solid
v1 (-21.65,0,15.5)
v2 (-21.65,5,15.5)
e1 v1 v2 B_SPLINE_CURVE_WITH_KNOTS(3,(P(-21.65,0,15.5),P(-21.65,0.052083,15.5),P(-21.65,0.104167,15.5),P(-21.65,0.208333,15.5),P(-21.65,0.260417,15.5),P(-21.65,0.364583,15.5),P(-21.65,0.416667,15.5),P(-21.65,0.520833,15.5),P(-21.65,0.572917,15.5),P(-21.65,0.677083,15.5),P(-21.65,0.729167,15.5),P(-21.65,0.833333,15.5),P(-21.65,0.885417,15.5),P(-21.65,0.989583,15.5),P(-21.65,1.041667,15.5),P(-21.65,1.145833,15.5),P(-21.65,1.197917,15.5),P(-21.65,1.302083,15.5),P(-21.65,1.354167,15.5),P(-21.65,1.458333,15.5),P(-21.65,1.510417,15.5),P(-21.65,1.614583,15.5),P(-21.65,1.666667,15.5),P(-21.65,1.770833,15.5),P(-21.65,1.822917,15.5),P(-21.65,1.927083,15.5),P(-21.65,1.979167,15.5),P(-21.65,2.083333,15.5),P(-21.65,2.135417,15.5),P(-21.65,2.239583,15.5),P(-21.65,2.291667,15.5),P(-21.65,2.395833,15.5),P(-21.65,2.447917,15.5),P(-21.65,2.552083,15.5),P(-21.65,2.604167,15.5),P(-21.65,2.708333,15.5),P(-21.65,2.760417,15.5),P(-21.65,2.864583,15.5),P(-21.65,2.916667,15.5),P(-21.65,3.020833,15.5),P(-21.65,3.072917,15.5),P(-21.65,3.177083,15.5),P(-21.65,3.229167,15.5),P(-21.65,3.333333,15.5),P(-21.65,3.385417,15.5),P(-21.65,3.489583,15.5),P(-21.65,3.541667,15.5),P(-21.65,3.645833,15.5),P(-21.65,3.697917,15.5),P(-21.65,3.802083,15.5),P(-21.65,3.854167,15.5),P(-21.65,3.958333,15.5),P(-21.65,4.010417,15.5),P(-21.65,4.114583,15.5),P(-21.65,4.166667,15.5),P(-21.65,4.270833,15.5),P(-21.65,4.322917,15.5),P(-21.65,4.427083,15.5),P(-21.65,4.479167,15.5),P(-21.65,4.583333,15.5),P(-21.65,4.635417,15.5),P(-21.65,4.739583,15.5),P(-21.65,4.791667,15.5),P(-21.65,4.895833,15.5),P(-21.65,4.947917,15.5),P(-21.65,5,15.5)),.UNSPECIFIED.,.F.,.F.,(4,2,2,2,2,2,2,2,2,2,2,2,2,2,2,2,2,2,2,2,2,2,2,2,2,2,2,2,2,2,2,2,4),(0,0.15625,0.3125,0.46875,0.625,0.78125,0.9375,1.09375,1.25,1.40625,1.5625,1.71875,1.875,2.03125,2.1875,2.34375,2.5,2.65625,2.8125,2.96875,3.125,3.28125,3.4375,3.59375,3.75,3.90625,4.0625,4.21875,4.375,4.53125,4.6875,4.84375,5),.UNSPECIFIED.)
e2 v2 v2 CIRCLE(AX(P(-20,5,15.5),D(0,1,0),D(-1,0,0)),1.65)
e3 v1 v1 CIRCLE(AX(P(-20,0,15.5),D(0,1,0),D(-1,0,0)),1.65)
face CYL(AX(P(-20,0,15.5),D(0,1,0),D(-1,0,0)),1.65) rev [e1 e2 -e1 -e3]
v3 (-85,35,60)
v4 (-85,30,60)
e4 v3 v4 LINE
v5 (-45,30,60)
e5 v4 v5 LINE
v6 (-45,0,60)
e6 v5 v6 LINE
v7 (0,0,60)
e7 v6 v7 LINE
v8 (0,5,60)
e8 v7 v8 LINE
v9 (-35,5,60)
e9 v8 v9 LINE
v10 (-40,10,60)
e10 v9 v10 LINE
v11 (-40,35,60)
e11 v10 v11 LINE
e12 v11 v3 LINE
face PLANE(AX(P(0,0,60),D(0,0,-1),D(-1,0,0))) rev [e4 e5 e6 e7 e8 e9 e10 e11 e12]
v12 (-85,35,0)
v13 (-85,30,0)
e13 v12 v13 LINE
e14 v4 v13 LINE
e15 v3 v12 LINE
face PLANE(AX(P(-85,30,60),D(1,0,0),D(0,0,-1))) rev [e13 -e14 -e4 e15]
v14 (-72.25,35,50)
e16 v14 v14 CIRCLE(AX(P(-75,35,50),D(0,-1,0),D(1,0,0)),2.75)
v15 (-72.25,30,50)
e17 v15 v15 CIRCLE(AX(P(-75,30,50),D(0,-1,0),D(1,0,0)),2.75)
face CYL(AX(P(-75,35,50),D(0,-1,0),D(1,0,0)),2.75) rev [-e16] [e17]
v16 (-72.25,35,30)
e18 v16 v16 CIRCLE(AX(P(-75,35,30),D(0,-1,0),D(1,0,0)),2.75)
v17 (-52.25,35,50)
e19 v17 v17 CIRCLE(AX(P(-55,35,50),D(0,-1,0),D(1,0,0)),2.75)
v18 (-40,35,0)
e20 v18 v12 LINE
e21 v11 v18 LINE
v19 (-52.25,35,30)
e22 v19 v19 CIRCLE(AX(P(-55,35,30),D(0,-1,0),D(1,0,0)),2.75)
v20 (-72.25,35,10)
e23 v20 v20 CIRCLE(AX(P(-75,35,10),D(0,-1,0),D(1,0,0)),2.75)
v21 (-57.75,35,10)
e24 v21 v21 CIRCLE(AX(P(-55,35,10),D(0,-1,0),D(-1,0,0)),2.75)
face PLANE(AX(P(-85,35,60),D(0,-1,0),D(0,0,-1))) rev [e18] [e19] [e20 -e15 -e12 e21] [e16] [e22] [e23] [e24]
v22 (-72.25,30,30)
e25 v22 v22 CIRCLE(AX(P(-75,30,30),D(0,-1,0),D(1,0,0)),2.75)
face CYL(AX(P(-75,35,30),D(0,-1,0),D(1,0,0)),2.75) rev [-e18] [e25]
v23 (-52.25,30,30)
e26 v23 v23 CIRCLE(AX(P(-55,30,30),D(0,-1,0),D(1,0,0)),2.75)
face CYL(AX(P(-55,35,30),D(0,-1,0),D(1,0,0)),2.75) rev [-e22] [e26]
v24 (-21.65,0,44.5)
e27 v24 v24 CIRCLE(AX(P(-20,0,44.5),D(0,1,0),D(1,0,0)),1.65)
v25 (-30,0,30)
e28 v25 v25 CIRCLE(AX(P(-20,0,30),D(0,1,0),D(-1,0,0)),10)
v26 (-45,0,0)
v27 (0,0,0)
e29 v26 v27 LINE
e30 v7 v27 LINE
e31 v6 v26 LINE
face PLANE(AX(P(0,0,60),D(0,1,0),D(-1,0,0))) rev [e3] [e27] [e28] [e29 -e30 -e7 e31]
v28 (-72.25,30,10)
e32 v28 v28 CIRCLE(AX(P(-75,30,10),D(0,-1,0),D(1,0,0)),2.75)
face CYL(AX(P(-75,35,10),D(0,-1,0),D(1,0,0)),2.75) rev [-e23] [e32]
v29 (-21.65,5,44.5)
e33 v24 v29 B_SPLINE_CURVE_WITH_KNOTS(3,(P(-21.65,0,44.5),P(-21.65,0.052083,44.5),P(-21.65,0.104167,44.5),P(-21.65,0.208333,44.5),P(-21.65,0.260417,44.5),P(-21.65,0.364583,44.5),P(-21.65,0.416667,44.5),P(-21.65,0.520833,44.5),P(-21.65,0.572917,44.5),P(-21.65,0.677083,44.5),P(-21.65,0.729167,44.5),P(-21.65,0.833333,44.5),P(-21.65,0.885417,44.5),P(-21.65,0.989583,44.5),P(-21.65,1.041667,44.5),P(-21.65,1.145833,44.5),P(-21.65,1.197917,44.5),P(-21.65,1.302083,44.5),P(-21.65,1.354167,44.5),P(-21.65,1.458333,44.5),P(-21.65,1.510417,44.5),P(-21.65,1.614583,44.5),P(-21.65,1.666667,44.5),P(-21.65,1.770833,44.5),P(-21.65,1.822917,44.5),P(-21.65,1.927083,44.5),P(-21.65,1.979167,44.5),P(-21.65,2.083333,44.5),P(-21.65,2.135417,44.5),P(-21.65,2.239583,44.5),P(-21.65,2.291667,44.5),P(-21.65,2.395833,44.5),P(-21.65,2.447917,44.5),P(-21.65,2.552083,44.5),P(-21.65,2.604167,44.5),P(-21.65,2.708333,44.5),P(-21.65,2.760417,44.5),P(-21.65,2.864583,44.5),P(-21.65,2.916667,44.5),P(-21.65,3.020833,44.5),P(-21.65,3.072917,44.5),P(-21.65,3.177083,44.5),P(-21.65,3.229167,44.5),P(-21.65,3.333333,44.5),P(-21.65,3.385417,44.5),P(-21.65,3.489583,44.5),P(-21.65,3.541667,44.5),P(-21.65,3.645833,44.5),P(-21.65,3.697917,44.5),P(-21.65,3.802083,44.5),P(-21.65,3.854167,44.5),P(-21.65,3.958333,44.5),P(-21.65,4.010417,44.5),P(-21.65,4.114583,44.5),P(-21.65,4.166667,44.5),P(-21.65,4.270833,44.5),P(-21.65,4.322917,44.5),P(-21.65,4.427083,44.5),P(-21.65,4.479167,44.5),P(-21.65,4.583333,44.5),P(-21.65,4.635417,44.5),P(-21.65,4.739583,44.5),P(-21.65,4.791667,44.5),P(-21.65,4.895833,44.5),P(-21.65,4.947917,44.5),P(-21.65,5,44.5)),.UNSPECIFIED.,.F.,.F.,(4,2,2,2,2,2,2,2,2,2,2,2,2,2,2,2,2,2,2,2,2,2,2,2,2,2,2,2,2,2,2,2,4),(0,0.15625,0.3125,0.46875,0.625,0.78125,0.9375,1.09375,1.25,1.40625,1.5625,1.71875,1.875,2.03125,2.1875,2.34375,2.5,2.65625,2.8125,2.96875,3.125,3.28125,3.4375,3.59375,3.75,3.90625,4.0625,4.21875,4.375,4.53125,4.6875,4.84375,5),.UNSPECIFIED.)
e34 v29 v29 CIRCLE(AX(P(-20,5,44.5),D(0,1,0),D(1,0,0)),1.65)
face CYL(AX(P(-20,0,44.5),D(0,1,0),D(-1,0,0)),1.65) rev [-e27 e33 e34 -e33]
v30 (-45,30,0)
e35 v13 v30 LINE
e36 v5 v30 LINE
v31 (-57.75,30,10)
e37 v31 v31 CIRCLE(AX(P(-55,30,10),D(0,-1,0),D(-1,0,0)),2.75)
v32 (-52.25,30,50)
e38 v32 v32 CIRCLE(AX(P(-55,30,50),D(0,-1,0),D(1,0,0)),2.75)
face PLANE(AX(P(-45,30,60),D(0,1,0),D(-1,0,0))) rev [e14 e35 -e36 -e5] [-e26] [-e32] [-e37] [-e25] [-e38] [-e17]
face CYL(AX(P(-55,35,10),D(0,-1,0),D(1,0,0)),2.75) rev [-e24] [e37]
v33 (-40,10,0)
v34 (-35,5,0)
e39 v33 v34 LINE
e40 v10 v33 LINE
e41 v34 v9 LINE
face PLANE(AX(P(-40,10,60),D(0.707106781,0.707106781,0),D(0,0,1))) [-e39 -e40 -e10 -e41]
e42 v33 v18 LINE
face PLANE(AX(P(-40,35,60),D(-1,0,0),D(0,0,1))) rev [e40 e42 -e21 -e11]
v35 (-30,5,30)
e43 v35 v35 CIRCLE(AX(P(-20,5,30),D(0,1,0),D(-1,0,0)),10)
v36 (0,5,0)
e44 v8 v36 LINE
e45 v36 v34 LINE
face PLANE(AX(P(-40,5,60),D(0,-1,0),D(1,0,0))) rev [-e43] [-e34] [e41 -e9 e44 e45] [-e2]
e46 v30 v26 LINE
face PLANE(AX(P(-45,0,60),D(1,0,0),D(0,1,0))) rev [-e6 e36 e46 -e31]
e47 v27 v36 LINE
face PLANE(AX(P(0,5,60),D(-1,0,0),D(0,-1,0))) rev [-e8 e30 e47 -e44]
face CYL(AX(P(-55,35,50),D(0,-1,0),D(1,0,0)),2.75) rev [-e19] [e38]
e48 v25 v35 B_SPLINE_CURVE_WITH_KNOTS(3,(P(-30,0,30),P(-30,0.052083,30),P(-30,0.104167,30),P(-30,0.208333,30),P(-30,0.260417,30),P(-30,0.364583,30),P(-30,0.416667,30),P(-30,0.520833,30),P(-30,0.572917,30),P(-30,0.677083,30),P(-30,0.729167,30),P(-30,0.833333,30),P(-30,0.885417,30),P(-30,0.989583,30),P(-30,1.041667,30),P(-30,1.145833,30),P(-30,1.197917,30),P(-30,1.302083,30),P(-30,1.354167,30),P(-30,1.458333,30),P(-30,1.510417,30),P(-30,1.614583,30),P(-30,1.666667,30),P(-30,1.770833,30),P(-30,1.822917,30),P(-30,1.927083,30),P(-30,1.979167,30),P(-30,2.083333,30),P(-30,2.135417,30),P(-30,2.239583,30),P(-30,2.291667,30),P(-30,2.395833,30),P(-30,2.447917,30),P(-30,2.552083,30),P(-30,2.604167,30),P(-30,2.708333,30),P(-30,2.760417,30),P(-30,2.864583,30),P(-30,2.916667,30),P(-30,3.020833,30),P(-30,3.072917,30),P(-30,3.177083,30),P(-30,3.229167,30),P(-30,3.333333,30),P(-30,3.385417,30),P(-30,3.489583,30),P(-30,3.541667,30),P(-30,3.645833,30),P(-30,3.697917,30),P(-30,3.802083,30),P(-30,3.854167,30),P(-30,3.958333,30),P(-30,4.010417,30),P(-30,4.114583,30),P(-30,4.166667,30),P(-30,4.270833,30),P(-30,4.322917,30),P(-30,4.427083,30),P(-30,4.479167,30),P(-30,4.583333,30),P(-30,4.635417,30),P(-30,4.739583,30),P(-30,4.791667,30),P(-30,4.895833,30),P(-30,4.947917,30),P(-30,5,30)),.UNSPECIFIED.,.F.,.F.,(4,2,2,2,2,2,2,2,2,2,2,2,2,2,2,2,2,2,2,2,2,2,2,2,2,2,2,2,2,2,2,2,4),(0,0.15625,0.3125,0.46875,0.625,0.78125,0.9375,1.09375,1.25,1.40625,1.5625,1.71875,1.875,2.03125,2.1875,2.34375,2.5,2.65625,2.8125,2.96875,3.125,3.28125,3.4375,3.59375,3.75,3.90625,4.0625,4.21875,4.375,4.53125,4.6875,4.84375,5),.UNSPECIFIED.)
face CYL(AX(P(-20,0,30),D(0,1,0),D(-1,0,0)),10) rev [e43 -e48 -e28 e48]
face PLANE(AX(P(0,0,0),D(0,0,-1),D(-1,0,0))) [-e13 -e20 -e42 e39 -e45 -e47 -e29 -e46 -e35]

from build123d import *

# Parameters (mm, degrees)
EXTRUDE_1_DEPTH     = 60
SKETCH_2_R          = 2.75
CUT_EXTRUDE_1_DEPTH = 109.282039139
SKETCH_3_R          = 10
SKETCH_3_R_2        = 1.65
CUT_EXTRUDE_2_DEPTH = 109.282039139
CHAMFER_1_SIZE      = 5


with BuildPart() as part:
    # 草图1 → 凸台-拉伸1 (new body)
    with BuildSketch(Plane.XY):
        Polygon((0, 0), (-45, 0), (-45, 30), (-85, 30), (-85, 35), (-40, 35), (-40, 5), (0, 5), align=None)
    extrude(amount=EXTRUDE_1_DEPTH)

    # 草图2 → 切除-拉伸1 (cut, through all)
    with BuildSketch(Plane.XZ.offset(-30)):
        with Locations((-55, 50)):
            Circle(SKETCH_2_R)
        with Locations((-55, 30)):
            Circle(SKETCH_2_R)
        with Locations((-75, 30)):
            Circle(SKETCH_2_R)
        with Locations(Location((-55, 10, 0), (0, 0, 180))):
            Circle(SKETCH_2_R)
        with Locations((-75, 50)):
            Circle(SKETCH_2_R)
        with Locations((-75, 10)):
            Circle(SKETCH_2_R)
    extrude(amount=-CUT_EXTRUDE_1_DEPTH, mode=Mode.SUBTRACT)

    # 草图3 → 切除-拉伸2 (cut, through all)
    with BuildSketch(Plane(origin=(0, 5, 0), x_dir=(1, 0, 0), z_dir=(0, 1, 0))):
        with Locations(Location((-20, -30, 0), (0, 0, 180))):
            Circle(SKETCH_3_R)
        with Locations(Location((-20, -15.5, 0), (0, 0, 180))):
            Circle(SKETCH_3_R_2)
        with Locations(Location((-20, -44.5, 0), (0, 0, 180))):
            Circle(SKETCH_3_R_2)
    extrude(amount=-CUT_EXTRUDE_2_DEPTH, mode=Mode.SUBTRACT)

    # 倒角1
    chamfer_1_edges = [part.edges().sort_by_distance(p)[0] for p in [
        (-40, 5, 30),
    ]]
    chamfer(chamfer_1_edges, length=CHAMFER_1_SIZE)


solid = part.part
